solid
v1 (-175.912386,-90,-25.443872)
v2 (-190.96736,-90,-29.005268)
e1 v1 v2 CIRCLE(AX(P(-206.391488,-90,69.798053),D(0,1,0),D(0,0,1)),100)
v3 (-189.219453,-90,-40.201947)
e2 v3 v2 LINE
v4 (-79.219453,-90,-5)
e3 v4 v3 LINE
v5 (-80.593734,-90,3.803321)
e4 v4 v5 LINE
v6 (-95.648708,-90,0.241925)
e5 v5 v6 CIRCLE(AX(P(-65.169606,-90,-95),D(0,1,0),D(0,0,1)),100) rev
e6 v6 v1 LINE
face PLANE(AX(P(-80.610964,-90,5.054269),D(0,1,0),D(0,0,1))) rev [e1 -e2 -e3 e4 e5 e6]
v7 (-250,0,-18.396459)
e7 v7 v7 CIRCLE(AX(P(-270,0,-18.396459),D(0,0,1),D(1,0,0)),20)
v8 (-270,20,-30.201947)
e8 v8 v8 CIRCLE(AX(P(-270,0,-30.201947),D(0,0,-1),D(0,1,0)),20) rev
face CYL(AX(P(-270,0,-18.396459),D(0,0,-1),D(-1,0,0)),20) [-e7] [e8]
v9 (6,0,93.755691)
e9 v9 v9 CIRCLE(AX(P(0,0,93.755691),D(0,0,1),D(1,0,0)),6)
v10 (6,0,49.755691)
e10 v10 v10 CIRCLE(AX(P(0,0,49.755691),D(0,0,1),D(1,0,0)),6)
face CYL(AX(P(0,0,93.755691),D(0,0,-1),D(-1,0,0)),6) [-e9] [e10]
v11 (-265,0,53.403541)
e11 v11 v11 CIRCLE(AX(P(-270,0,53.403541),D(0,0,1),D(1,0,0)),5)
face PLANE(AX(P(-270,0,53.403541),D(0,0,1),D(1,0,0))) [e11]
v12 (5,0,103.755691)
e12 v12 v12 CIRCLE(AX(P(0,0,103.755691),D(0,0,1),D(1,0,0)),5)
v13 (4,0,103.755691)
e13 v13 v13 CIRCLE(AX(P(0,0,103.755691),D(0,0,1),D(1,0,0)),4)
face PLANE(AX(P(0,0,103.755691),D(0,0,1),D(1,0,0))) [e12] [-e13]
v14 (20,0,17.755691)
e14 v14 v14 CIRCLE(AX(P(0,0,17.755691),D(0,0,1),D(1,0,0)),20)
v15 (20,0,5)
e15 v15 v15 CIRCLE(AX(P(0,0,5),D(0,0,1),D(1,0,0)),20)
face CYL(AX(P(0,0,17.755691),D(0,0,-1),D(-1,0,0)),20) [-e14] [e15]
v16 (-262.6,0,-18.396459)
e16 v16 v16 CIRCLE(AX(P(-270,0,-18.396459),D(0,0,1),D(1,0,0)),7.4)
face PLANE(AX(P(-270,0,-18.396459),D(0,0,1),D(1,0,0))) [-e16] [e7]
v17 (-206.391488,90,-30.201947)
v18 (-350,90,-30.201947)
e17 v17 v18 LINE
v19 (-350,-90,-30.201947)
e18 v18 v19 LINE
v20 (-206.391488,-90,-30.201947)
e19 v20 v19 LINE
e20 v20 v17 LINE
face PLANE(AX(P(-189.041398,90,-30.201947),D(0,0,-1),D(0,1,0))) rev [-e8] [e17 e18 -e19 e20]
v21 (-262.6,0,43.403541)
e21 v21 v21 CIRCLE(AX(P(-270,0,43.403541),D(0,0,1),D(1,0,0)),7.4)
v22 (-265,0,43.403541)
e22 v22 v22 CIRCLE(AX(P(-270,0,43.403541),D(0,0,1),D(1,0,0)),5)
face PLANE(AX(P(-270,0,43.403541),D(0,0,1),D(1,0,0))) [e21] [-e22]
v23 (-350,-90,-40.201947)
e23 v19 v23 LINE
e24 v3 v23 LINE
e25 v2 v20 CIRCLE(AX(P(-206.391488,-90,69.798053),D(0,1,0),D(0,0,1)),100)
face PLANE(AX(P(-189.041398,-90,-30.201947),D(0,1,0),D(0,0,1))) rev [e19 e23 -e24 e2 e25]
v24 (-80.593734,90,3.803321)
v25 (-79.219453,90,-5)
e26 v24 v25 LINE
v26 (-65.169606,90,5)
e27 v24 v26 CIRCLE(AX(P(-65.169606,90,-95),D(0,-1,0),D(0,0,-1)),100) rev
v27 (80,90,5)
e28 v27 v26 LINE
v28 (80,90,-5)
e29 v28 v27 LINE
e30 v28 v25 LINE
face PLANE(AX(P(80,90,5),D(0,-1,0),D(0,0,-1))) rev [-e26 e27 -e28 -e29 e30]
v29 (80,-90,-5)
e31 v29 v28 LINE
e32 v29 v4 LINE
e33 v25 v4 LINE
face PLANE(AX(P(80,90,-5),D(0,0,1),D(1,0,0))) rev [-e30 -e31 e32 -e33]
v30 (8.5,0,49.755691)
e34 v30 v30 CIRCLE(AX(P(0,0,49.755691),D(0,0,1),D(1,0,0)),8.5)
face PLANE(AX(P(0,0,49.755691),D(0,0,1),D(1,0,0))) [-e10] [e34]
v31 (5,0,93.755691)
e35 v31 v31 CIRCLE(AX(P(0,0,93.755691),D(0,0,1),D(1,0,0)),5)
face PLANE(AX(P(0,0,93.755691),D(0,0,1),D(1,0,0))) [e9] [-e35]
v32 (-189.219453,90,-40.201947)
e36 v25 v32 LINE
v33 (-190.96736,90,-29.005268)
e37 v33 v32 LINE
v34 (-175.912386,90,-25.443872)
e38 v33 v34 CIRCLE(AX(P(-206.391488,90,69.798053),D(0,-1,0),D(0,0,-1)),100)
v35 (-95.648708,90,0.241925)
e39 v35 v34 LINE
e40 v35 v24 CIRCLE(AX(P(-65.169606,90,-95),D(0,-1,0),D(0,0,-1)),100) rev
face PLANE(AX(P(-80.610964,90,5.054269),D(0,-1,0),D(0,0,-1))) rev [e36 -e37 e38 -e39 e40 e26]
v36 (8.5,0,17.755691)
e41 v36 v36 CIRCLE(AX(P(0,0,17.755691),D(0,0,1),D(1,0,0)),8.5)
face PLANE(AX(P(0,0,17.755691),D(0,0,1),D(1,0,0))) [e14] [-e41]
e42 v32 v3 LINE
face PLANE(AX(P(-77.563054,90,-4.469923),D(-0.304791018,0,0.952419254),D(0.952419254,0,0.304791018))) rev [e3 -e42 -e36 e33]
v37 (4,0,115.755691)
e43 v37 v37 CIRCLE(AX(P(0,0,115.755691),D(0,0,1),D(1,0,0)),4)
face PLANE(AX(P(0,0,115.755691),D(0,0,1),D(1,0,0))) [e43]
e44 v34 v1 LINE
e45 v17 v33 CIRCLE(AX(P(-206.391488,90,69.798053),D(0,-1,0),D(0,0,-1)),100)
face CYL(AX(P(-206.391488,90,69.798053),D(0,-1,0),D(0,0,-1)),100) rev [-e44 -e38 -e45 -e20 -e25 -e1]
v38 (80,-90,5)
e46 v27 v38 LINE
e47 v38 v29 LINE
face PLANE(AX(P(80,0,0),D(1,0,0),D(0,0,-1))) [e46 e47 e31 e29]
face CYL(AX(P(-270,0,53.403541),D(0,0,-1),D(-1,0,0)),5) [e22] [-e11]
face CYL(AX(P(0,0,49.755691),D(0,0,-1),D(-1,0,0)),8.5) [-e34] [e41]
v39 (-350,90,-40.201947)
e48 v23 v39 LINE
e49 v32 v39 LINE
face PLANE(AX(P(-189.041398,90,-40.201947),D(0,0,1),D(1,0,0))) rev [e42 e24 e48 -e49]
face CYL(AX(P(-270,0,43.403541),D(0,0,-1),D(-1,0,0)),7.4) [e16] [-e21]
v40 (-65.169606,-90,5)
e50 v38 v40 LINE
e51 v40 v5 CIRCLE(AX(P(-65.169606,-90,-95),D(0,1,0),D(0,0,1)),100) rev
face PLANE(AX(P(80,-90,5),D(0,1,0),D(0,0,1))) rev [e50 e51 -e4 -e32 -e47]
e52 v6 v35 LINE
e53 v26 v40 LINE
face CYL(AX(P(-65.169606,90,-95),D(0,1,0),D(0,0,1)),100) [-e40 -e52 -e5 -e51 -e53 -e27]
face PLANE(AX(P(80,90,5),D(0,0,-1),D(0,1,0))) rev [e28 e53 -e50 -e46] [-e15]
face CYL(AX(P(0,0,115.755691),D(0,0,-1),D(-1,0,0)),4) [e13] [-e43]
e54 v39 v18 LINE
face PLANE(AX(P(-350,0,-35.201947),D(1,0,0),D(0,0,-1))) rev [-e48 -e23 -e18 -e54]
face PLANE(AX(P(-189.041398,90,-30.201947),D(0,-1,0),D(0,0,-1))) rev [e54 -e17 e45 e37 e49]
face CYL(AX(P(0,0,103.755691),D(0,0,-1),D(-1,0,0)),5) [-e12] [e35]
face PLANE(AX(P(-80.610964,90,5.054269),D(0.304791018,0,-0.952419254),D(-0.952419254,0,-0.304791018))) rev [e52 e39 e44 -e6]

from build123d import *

# Parameters (mm, degrees)
SCHIZZO16_W                   = 10
SCHIZZO16_H                   = 180
SCHIZZO17_R                   = 20
ESTRUSIONE_ESTRUSIONE10_DEPTH = 12.75569081
SCHIZZO18_R                   = 8.5
ESTRUSIONE_ESTRUSIONE11_DEPTH = 32
SCHIZZO19_R                   = 6
ESTRUSIONE_ESTRUSIONE12_DEPTH = 44
SCHIZZO20_R                   = 5
ESTRUSIONE_ESTRUSIONE13_DEPTH = 10
SCHIZZO21_R                   = 4
ESTRUSIONE_ESTRUSIONE14_DEPTH = 12
SCHIZZO22_R                   = 20
ESTRUSIONE_ESTRUSIONE15_DEPTH = 11.80548778
SCHIZZO23_R                   = 7.4
ESTRUSIONE_ESTRUSIONE16_DEPTH = 61.8
SCHIZZO24_R                   = 5
ESTRUSIONE_ESTRUSIONE17_DEPTH = 10
RACCORDO1_R                   = 100


with BuildPart() as part:
    # Sweep1: sweep along a path in Schizzo15
    with BuildLine(Plane(origin=(0, 0, 0), x_dir=(1, 0, 0), z_dir=(0, 1, 0))) as sweep1_path:
        Line((-350, 35.20194684), (-190, 35.20194684))
        Line((-190, 35.20194684), (-80, 0))
        Line((-80, 0), (80, 0))
    # Schizzo16 → Sweep1 (sweep)
    with BuildSketch(Plane(origin=(0, 0, 0), x_dir=(0, 0, -1), z_dir=(1, 0, 0))):
        Rectangle(SCHIZZO16_W, SCHIZZO16_H)
    sweep(path=sweep1_path.line, transition=Transition.RIGHT)

    # Schizzo17 → Estrusione-Estrusione10 (add)
    with BuildSketch(Plane.XY.offset(5)):
        Circle(SCHIZZO17_R)
    extrude(amount=ESTRUSIONE_ESTRUSIONE10_DEPTH)

    # Schizzo18 → Estrusione-Estrusione11 (add)
    with BuildSketch(Plane.XY.offset(17.75569081)):
        Circle(SCHIZZO18_R)
    extrude(amount=ESTRUSIONE_ESTRUSIONE11_DEPTH)

    # Schizzo19 → Estrusione-Estrusione12 (add)
    with BuildSketch(Plane.XY.offset(49.75569081)):
        Circle(SCHIZZO19_R)
    extrude(amount=ESTRUSIONE_ESTRUSIONE12_DEPTH)

    # Schizzo20 → Estrusione-Estrusione13 (add)
    with BuildSketch(Plane.XY.offset(93.75569081)):
        Circle(SCHIZZO20_R)
    extrude(amount=ESTRUSIONE_ESTRUSIONE13_DEPTH)

    # Schizzo21 → Estrusione-Estrusione14 (add)
    with BuildSketch(Plane.XY.offset(103.75569081)):
        Circle(SCHIZZO21_R)
    extrude(amount=ESTRUSIONE_ESTRUSIONE14_DEPTH)

    # Schizzo22 → Estrusione-Estrusione15 (add)
    with BuildSketch(Plane.XY.offset(-30.20194684)):
        with Locations((-270, 0)):
            Circle(SCHIZZO22_R)
    extrude(amount=ESTRUSIONE_ESTRUSIONE15_DEPTH)

    # Schizzo23 → Estrusione-Estrusione16 (add)
    with BuildSketch(Plane.XY.offset(-18.39645906)):
        with Locations((-270, 0)):
            Circle(SCHIZZO23_R)
    extrude(amount=ESTRUSIONE_ESTRUSIONE16_DEPTH)

    # Schizzo24 → Estrusione-Estrusione17 (add)
    with BuildSketch(Plane.XY.offset(43.40354094)):
        with Locations((-270, 0)):
            Circle(SCHIZZO24_R)
    extrude(amount=ESTRUSIONE_ESTRUSIONE17_DEPTH)

    # Raccordo1
    raccordo1_edges = [part.edges().sort_by_distance(p)[0] for p in [
        (-80.78054705, 0, 5),
        (-190.78054705, 0, -30.20194684),
    ]]
    fillet(raccordo1_edges, radius=RACCORDO1_R)


solid = part.part
